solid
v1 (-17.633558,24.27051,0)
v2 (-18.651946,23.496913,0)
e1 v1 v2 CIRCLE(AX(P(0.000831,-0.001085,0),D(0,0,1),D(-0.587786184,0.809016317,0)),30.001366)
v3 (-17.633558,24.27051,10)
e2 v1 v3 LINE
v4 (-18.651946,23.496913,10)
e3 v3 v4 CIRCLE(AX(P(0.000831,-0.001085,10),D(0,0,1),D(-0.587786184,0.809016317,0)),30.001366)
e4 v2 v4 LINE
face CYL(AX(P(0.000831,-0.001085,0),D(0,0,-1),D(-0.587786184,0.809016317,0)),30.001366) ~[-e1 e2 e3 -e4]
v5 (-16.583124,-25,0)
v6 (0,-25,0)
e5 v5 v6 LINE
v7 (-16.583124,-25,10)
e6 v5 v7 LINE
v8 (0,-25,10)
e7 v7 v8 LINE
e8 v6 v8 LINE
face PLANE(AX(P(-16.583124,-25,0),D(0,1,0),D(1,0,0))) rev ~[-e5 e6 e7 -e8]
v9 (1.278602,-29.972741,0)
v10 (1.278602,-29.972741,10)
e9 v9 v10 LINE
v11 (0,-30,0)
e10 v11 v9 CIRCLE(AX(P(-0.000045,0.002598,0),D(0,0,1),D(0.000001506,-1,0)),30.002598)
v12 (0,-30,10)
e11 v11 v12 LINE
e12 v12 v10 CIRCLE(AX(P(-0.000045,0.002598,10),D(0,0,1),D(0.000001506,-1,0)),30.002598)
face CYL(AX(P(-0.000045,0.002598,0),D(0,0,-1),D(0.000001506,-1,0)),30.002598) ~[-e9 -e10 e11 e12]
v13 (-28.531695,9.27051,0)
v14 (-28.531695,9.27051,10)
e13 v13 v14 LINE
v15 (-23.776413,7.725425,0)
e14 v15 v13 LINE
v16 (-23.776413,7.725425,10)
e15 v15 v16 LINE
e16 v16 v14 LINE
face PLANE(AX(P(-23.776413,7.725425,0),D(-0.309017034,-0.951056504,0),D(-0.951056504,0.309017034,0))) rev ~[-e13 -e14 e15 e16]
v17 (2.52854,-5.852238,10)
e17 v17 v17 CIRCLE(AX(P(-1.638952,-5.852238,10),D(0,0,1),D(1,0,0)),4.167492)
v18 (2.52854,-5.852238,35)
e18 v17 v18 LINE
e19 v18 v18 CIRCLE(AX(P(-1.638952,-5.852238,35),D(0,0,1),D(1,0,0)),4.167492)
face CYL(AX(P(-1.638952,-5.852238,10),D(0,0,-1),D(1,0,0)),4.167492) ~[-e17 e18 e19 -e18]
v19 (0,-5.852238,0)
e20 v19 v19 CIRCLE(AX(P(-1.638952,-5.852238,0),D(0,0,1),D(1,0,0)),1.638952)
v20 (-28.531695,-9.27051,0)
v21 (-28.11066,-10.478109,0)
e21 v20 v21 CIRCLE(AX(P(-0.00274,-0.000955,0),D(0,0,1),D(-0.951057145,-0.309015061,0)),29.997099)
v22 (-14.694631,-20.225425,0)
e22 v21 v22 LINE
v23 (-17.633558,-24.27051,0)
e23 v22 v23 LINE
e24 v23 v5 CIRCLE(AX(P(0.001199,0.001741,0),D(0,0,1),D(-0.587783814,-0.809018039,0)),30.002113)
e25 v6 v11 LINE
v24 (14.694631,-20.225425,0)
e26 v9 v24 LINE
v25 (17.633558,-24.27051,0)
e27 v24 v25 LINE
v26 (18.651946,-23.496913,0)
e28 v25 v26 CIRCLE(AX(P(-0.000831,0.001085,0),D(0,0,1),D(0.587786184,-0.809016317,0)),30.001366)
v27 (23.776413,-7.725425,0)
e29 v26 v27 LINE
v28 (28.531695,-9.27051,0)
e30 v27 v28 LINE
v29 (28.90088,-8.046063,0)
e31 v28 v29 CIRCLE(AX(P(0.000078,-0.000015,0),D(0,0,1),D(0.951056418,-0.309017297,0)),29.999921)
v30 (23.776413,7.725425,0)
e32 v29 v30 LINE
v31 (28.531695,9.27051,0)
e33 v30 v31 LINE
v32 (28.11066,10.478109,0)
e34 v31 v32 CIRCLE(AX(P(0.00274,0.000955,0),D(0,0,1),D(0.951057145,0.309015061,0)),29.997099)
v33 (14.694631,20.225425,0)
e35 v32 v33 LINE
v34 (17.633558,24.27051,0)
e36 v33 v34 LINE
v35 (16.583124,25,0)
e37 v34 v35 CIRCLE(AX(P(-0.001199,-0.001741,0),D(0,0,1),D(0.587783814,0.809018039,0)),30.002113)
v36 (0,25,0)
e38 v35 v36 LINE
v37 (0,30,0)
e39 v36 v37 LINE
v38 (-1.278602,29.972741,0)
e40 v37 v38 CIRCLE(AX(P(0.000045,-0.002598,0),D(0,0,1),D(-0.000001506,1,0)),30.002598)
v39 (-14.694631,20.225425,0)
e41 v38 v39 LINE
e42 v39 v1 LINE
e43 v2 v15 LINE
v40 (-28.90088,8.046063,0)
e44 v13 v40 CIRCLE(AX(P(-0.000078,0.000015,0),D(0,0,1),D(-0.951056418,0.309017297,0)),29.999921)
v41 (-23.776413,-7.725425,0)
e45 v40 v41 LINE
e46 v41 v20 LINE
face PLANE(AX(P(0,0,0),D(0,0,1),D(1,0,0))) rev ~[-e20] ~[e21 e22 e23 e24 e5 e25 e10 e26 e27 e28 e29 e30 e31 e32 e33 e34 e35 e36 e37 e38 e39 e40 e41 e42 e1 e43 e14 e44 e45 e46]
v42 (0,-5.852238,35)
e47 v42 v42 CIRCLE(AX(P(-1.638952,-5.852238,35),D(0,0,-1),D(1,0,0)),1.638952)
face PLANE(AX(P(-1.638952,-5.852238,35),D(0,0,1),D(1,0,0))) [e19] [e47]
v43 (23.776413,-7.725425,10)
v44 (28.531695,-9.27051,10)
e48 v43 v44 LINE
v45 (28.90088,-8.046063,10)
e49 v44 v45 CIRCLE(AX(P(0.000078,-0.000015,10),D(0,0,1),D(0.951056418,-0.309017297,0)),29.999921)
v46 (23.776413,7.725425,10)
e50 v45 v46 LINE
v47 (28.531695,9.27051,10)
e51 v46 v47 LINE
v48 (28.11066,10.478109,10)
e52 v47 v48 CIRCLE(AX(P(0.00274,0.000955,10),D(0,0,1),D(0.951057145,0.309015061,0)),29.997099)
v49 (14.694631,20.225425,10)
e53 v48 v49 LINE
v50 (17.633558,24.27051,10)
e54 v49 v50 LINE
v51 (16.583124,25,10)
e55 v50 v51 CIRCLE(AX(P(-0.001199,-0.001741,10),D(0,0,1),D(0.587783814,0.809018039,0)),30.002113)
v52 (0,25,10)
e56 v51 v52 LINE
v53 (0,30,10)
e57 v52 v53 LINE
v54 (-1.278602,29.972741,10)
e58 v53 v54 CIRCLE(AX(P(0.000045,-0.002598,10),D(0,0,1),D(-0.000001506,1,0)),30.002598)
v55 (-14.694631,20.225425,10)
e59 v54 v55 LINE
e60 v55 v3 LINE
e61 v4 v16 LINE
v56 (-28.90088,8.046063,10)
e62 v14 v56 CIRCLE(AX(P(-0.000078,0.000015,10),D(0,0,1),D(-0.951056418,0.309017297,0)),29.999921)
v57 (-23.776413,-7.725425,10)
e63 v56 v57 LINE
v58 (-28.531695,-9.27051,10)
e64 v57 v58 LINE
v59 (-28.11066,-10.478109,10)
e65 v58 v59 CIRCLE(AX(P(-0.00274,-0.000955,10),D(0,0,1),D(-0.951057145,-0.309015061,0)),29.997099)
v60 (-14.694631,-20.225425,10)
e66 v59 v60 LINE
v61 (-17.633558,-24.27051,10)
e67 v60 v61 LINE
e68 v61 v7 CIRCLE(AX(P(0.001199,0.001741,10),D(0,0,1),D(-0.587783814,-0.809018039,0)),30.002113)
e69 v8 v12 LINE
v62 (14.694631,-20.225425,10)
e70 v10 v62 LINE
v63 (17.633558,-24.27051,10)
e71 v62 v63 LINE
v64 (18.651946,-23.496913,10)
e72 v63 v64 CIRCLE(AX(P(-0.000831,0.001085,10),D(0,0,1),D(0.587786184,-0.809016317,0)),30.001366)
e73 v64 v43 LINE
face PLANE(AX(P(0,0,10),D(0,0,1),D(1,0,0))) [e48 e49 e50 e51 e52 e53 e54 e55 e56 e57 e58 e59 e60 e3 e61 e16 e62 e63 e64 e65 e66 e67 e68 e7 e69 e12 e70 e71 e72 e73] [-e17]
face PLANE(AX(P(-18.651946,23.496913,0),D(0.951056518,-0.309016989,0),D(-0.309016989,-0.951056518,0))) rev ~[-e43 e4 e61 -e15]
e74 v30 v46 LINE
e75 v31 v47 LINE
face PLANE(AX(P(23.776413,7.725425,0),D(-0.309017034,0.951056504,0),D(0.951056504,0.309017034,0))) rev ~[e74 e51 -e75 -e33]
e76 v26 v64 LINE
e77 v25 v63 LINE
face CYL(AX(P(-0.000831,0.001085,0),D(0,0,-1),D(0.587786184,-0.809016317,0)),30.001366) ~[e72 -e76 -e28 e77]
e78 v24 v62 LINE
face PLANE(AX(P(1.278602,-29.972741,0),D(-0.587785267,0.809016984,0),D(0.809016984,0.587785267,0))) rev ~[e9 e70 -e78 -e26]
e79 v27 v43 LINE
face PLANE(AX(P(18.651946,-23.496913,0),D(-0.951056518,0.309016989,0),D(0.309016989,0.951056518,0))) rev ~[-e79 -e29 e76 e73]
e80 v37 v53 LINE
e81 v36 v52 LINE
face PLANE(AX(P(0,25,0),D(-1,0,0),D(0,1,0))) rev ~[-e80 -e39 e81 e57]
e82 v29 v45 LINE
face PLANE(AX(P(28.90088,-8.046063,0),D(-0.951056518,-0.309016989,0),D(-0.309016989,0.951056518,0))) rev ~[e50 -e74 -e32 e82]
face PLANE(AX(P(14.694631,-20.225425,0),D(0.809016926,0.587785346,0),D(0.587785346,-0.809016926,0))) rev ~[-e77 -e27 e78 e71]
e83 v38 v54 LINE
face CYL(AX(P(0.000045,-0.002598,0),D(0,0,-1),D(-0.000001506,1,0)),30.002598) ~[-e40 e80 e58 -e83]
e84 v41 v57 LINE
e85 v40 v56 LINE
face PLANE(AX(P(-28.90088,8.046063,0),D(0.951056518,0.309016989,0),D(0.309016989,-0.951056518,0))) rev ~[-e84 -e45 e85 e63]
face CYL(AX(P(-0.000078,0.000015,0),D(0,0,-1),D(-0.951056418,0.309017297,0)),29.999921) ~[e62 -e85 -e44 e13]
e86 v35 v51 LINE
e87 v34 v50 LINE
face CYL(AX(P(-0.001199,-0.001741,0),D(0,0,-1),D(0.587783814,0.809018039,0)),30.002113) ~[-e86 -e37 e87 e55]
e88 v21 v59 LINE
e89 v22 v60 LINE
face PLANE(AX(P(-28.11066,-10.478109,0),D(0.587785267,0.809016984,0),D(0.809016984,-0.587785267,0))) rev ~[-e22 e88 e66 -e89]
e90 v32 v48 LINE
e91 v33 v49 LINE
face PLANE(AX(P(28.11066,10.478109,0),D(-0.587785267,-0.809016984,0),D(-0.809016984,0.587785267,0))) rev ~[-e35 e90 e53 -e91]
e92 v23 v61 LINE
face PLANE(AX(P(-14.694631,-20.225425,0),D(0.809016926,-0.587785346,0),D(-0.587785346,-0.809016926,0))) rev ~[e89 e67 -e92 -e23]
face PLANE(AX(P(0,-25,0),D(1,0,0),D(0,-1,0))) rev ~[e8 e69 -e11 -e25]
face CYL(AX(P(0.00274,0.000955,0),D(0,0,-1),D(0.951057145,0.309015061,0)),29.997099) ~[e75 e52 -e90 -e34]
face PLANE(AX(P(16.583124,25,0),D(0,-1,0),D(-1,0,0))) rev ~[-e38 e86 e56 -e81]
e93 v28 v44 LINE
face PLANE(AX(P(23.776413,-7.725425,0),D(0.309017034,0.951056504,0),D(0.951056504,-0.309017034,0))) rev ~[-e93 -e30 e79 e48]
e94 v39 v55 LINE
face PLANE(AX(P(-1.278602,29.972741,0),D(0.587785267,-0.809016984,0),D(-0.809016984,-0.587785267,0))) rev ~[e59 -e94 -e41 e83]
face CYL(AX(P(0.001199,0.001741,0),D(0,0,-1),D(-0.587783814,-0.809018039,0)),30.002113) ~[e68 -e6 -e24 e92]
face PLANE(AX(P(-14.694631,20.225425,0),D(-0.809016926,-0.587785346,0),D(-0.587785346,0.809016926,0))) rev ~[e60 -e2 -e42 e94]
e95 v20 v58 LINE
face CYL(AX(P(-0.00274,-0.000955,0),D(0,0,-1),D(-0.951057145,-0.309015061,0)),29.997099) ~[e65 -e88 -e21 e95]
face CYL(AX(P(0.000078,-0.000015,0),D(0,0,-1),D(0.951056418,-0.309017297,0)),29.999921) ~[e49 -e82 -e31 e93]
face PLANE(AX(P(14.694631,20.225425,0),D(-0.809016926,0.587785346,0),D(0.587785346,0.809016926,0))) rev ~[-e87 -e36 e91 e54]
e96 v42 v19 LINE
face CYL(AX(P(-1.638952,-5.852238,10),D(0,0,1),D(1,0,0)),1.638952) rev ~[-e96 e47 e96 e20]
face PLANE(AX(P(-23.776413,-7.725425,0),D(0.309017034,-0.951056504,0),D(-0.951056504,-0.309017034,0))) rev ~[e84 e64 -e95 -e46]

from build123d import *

# Parameters (mm, degrees)
F1_DEPTH = 10
F2_R     = 4.167492
F3_DEPTH = 25
F4_R     = 1.638952
F5_DEPTH = 25
F6_R     = 1.638952
F7_DEPTH = 47.6


with BuildPart() as f1:
    # F0 (on Top) → F1 (new body)
    with BuildSketch(Plane.XY):
        with BuildLine():
            Line((0, 25), (0, 30))
            ThreePointArc((0, 30), (-0.639446, 29.993184), (-1.278602, 29.972741))
            Line((-1.278602, 29.972741), (-14.694631, 20.225425))
            Line((-14.694631, 20.225425), (-17.633558, 24.27051))
            ThreePointArc((-17.633558, 24.27051), (-18.146874, 23.889139), (-18.651946, 23.496913))
            Line((-18.651946, 23.496913), (-23.776413, 7.725425))
            Line((-23.776413, 7.725425), (-28.531695, 9.27051))
            ThreePointArc((-28.531695, 9.27051), (-28.722813, 8.660254), (-28.90088, 8.046063))
            Line((-28.90088, 8.046063), (-23.776413, -7.725425))
            Line((-23.776413, -7.725425), (-28.531695, -9.27051))
            ThreePointArc((-28.531695, -9.27051), (-28.327614, -9.876553), (-28.11066, -10.478109))
            Line((-28.11066, -10.478109), (-14.694631, -20.225425))
            Line((-14.694631, -20.225425), (-17.633558, -24.27051))
            ThreePointArc((-17.633558, -24.27051), (-17.112228, -24.640853), (-16.583124, -25))
            Line((-16.583124, -25), (0, -25))
            Line((0, -25), (0, -30))
            ThreePointArc((0, -30), (0.639446, -29.993184), (1.278602, -29.972741))
            Line((1.278602, -29.972741), (14.694631, -20.225425))
            Line((14.694631, -20.225425), (17.633558, -24.27051))
            ThreePointArc((17.633558, -24.27051), (18.146874, -23.889139), (18.651946, -23.496913))
            Line((18.651946, -23.496913), (23.776413, -7.725425))
            Line((23.776413, -7.725425), (28.531695, -9.27051))
            ThreePointArc((28.531695, -9.27051), (28.722813, -8.660254), (28.90088, -8.046063))
            Line((28.90088, -8.046063), (23.776413, 7.725425))
            Line((23.776413, 7.725425), (28.531695, 9.27051))
            ThreePointArc((28.531695, 9.27051), (28.327614, 9.876553), (28.11066, 10.478109))
            Line((28.11066, 10.478109), (14.694631, 20.225425))
            Line((14.694631, 20.225425), (17.633558, 24.27051))
            ThreePointArc((17.633558, 24.27051), (17.112228, 24.640853), (16.583124, 25))
            Line((16.583124, 25), (0, 25))
        make_face()
    extrude(amount=F1_DEPTH)

    # F2 (on face) → F3 (join)
    with BuildSketch(Plane.XY.offset(10)):
        with Locations((-1.638952, -5.852238)):
            Circle(F2_R)
    extrude(amount=F3_DEPTH)

    # F4 (on face) → F5 (cut)
    with BuildSketch(Plane.XY.offset(10)):
        with Locations((-1.638952, -5.852238)):
            Circle(F4_R)
    extrude(amount=-F5_DEPTH, mode=Mode.SUBTRACT)

    # F6 (on face) → F7 (cut)
    with BuildSketch(Plane.XY.offset(10)):
        with Locations((-1.638952, -5.852238)):
            Circle(F6_R)
    extrude(amount=F7_DEPTH, mode=Mode.SUBTRACT)


solid = f1.part
